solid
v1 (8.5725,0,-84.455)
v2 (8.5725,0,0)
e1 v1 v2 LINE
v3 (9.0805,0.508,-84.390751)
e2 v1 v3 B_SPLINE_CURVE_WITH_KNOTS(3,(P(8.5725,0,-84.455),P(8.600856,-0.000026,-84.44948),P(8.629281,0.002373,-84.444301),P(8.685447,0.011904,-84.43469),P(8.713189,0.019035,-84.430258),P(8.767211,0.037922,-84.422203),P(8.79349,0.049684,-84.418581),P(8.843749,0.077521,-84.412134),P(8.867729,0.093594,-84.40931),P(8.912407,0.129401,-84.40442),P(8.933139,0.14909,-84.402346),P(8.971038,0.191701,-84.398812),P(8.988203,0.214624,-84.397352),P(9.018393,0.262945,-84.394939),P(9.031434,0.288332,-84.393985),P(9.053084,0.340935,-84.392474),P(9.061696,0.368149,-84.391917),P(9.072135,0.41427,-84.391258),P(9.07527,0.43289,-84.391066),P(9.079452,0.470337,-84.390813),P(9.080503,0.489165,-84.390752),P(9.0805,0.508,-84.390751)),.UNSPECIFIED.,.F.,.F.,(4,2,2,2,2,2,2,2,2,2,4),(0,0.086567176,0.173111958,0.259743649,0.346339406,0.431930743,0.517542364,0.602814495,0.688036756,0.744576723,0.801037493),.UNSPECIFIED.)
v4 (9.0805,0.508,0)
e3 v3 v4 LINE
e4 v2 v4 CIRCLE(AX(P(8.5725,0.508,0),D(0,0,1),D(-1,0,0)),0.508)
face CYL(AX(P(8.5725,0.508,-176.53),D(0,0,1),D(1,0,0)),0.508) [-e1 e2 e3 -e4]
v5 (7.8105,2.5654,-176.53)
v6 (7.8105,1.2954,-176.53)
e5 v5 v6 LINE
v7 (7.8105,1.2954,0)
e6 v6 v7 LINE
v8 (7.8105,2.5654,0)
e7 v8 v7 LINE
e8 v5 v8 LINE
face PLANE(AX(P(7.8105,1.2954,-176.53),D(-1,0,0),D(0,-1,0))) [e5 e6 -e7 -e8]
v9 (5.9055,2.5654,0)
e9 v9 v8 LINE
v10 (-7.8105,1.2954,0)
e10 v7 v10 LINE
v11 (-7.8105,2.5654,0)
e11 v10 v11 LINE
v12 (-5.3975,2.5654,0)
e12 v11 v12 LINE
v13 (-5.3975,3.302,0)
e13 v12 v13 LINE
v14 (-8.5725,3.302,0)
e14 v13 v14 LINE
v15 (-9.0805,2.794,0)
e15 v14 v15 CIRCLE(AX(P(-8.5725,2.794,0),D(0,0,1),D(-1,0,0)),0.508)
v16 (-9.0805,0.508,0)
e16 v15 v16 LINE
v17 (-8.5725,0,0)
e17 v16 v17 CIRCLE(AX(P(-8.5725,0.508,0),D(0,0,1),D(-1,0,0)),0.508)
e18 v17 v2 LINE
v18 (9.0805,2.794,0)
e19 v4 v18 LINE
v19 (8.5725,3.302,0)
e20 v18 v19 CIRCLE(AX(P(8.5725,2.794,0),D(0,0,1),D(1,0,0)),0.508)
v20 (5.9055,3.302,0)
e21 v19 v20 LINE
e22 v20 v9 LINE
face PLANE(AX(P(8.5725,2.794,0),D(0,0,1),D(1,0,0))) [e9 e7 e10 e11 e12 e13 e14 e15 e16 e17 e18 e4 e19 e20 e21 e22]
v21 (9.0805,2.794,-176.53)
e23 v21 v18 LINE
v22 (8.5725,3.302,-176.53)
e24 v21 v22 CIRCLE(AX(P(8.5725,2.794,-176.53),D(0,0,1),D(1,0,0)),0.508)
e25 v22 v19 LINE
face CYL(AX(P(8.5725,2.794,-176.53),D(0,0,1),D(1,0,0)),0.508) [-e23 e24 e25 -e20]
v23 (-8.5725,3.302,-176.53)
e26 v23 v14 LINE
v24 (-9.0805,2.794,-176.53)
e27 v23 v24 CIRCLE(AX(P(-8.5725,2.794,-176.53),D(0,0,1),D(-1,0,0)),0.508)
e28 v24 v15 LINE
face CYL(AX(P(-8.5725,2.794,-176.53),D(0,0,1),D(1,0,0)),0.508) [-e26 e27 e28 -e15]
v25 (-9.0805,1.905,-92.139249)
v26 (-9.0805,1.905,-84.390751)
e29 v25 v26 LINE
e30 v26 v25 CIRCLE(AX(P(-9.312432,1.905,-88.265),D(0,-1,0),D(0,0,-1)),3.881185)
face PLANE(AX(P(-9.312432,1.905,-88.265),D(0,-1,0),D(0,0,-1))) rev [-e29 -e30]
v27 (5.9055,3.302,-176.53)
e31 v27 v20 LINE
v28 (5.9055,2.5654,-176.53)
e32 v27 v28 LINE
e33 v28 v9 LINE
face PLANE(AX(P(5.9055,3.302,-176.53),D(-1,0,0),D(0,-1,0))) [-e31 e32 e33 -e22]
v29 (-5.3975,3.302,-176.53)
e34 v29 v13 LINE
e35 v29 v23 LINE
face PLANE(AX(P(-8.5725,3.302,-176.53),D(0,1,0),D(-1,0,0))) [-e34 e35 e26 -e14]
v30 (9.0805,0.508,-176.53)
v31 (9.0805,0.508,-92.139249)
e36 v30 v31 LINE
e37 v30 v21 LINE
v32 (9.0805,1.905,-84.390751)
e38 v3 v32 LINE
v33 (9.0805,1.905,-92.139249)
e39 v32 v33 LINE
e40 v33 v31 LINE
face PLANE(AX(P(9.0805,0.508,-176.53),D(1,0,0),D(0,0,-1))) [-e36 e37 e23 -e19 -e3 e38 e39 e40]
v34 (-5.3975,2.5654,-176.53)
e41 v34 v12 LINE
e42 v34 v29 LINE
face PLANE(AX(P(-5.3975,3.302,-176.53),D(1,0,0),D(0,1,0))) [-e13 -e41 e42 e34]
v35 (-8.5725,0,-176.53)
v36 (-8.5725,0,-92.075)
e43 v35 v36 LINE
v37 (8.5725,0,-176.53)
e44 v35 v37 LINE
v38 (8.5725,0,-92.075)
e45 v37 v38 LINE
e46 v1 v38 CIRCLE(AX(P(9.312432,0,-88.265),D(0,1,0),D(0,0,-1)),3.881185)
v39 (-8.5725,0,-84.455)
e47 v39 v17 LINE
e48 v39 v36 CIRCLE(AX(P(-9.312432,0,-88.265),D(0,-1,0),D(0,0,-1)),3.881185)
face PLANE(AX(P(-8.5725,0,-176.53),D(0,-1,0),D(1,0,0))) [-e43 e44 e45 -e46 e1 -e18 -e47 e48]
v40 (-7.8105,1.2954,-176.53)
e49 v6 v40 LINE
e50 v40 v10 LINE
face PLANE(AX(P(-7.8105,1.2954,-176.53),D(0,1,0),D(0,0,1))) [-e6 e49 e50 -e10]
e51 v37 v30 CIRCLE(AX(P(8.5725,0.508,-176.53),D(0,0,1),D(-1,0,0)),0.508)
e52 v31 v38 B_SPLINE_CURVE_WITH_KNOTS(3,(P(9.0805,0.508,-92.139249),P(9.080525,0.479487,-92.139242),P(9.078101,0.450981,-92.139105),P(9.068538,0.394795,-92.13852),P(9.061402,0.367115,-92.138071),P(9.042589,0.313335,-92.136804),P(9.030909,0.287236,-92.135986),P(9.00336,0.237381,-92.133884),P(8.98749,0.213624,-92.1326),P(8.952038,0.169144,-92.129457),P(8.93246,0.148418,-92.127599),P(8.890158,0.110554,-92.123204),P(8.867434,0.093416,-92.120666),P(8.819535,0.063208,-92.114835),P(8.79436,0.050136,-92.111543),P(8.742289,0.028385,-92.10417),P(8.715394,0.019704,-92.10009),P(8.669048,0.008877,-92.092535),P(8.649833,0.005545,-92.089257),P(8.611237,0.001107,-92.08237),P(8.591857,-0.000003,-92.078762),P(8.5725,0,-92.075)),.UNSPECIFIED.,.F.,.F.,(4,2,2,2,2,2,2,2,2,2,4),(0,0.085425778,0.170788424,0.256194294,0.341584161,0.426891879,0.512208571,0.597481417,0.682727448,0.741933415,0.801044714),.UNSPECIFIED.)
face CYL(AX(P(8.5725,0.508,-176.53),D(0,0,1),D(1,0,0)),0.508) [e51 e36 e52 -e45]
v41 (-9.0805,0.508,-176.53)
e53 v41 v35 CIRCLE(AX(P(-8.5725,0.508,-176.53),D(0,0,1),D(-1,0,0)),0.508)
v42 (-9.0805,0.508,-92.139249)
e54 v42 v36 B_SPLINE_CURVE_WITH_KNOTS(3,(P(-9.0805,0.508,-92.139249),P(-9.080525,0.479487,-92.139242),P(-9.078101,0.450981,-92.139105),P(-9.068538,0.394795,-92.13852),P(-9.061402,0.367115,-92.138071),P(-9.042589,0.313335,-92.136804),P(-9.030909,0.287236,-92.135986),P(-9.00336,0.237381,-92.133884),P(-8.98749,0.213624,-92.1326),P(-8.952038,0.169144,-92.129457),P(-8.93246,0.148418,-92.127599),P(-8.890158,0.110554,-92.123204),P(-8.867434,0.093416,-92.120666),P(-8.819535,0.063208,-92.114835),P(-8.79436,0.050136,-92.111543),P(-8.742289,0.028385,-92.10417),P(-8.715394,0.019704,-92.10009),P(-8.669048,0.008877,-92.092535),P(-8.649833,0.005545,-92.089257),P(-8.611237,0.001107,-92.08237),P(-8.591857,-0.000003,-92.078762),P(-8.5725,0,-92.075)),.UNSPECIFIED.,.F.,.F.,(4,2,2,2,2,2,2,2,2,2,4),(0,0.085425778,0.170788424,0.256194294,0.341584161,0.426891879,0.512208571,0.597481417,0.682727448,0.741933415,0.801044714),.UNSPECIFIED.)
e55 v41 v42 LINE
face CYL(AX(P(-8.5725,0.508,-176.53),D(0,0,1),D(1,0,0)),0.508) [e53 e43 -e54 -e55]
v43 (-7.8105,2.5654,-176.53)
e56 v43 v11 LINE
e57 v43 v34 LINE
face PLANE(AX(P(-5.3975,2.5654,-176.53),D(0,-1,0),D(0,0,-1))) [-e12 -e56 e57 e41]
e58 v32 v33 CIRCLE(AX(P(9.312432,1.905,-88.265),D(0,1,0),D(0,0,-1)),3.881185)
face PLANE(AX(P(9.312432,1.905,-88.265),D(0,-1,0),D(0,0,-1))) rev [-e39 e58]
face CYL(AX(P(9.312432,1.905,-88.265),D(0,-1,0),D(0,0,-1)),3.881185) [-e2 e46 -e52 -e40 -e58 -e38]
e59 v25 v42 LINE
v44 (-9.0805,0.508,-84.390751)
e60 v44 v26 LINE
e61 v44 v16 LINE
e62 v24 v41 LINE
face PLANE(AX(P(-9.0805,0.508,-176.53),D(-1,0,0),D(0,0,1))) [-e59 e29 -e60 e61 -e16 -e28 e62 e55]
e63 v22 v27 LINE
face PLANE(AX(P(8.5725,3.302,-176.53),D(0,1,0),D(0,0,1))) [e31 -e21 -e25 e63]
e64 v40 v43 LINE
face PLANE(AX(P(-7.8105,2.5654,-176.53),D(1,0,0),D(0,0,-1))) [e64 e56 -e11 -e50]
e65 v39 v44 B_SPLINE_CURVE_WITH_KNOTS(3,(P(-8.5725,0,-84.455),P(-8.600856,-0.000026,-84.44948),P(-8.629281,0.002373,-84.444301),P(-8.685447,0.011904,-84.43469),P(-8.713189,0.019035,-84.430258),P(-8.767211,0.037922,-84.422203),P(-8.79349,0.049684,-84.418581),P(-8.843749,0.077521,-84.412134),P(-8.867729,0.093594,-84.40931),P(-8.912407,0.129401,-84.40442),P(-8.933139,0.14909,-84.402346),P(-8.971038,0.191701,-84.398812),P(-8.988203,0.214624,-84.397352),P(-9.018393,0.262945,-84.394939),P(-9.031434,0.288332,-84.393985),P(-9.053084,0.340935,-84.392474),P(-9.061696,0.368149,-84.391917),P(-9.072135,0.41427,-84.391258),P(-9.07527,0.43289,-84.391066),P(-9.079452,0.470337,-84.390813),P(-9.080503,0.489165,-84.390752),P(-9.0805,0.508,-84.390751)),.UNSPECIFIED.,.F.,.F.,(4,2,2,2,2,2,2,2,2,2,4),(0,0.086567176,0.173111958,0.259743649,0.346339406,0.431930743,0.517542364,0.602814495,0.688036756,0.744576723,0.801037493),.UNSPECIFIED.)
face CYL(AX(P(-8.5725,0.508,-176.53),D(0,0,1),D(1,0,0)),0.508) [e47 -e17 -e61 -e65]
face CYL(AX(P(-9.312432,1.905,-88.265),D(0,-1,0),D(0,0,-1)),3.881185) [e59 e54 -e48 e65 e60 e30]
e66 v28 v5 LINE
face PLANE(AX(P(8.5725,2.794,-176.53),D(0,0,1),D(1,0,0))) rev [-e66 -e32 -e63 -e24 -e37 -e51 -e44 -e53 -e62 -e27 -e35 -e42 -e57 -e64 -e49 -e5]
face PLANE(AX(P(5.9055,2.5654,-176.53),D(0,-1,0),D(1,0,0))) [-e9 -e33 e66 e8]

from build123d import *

# Parameters (mm, degrees)
BOSS_EXTRUDE1_DEPTH = 176.53
BOSS_EXTRUDE2_DEPTH = 1.905


with BuildPart() as part:
    # Sketch2 → Boss-Extrude1 (new body)
    with BuildSketch(Plane.XY):
        with BuildLine():
            Line((-8.5725, 0), (8.5725, 0))
            ThreePointArc((8.5725, 0), (8.931710245, 0.148789755), (9.0805, 0.508))
            Line((9.0805, 0.508), (9.0805, 2.794))
            ThreePointArc((9.0805, 2.794), (8.931710245, 3.153210245), (8.5725, 3.302))
            Line((8.5725, 3.302), (5.9055, 3.302))
            Line((5.9055, 3.302), (5.9055, 2.5654))
            Line((5.9055, 2.5654), (7.8105, 2.5654))
            Line((7.8105, 2.5654), (7.8105, 1.2954))
            Line((7.8105, 1.2954), (-7.8105, 1.2954))
            Line((-7.8105, 1.2954), (-7.8105, 2.5654))
            Line((-7.8105, 2.5654), (-5.3975, 2.5654))
            Line((-5.3975, 2.5654), (-5.3975, 3.302))
            Line((-5.3975, 3.302), (-8.5725, 3.302))
            ThreePointArc((-8.5725, 3.302), (-8.931710245, 3.153210245), (-9.0805, 2.794))
            Line((-9.0805, 2.794), (-9.0805, 0.508))
            ThreePointArc((-9.0805, 0.508), (-8.931710245, 0.148789755), (-8.5725, 0))
        make_face()
    extrude(amount=-BOSS_EXTRUDE1_DEPTH)

    # Sketch3 → Boss-Extrude2 (add)
    with BuildSketch(Plane(origin=(0, 0, 0), x_dir=(1, 0, 0), z_dir=(0, 1, 0))):
        with BuildLine():
            Line((8.5725, 84.455), (8.5725, 92.075))
            ThreePointArc((8.5725, 92.075), (13.193617406, 88.265), (8.5725, 84.455))
        make_face()
    boss_extrude2 = extrude(amount=BOSS_EXTRUDE2_DEPTH)

    # Mirror1: Boss-Extrude2 across plane
    add(boss_extrude2.mirror(Plane(origin=(0, 0, 0), x_dir=(0, 0, 1), z_dir=(1, 0, 0))))


solid = part.part
